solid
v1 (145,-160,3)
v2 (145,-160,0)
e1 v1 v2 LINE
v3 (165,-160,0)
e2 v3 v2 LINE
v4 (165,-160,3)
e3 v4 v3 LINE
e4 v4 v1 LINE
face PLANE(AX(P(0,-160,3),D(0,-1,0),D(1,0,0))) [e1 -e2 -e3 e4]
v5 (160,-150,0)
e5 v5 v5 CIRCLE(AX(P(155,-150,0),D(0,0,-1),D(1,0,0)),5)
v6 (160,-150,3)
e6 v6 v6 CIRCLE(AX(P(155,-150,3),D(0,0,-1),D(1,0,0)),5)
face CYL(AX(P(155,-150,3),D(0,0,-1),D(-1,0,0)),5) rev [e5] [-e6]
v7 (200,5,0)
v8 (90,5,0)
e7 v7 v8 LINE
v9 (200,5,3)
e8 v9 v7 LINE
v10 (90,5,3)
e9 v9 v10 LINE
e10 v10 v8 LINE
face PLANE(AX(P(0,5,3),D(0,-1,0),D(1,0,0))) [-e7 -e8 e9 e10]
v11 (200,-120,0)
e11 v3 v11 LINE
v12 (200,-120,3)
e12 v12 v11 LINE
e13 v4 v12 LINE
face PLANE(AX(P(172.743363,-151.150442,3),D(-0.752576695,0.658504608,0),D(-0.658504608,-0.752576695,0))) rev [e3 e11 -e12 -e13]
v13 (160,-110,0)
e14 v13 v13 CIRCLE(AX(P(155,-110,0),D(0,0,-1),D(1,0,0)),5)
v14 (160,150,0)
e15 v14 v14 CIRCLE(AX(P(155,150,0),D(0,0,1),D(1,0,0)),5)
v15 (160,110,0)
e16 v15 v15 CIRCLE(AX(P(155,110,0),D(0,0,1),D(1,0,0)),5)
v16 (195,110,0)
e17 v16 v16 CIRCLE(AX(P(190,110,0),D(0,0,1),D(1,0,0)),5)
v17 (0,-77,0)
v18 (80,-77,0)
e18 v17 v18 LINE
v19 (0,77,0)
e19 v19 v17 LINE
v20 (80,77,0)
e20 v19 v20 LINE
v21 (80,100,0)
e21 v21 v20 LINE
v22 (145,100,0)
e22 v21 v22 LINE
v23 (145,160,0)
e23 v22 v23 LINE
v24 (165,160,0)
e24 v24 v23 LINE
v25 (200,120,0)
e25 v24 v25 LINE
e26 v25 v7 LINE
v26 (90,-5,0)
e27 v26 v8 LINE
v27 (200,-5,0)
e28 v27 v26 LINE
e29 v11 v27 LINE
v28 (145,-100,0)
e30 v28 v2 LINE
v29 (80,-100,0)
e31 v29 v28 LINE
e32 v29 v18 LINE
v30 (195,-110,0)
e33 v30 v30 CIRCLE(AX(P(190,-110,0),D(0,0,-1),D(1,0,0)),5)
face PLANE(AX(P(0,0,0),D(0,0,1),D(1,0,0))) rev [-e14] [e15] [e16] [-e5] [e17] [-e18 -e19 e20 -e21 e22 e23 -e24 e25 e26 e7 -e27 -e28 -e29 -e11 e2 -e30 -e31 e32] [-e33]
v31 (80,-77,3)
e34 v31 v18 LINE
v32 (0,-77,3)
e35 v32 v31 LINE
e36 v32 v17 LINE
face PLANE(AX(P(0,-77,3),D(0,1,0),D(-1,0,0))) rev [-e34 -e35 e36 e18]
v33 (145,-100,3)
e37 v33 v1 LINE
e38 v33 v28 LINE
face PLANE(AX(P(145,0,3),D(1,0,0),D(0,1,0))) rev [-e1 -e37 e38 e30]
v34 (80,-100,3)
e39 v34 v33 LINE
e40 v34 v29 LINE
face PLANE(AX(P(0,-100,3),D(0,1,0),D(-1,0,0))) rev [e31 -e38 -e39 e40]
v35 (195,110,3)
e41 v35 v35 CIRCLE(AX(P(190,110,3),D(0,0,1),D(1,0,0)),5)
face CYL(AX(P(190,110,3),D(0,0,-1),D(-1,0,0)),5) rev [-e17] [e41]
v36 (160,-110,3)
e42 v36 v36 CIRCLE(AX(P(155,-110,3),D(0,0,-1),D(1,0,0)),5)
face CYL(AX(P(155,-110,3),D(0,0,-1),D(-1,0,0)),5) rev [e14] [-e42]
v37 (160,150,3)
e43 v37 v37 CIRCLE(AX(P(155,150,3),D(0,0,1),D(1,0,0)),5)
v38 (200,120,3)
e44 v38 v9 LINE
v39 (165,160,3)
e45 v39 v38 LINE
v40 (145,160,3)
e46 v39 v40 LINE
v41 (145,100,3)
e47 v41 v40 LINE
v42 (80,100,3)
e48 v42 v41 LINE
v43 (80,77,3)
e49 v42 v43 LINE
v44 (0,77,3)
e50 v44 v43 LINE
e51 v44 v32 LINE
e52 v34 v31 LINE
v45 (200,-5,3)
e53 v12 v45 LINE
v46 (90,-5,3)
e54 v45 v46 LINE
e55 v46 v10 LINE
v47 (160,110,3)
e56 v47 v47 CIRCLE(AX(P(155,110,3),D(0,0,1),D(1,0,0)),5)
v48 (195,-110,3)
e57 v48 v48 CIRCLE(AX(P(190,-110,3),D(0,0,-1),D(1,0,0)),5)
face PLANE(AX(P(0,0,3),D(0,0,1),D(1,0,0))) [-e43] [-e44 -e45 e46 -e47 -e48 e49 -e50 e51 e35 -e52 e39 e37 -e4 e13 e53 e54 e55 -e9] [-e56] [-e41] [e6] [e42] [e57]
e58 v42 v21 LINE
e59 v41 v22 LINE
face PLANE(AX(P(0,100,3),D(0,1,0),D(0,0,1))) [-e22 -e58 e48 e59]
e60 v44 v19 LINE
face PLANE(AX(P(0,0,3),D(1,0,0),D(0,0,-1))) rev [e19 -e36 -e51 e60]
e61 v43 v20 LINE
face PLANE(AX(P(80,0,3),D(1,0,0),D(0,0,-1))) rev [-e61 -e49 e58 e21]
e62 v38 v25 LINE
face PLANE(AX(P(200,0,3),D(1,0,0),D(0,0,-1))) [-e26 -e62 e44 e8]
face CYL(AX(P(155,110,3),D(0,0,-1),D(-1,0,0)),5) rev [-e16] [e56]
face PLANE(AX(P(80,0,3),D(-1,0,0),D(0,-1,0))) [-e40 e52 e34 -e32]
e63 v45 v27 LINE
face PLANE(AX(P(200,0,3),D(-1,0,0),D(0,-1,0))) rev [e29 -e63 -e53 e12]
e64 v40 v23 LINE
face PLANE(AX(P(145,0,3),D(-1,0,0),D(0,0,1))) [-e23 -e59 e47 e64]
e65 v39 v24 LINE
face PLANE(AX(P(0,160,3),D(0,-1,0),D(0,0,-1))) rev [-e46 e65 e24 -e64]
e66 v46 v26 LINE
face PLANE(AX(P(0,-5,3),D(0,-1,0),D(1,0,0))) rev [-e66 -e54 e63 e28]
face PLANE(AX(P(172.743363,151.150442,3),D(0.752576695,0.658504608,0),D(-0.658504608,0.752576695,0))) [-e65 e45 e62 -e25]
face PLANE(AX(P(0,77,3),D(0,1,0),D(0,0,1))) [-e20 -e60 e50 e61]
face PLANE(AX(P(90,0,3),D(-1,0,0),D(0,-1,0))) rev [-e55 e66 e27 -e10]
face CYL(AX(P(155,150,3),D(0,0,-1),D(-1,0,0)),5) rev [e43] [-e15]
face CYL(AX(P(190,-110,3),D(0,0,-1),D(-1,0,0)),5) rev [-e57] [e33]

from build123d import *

# Parameters (mm, degrees)
ESQUISSE1_R        = 5
BOSS_EXTRU_1_DEPTH = 3


with BuildPart() as part:
    # Esquisse1 → Boss.-Extru.1 (new body)
    with BuildSketch(Plane.XY):
        Polygon((80, 77), (0, 77), (0, 0), (90, 0), (90, 5), (200, 5), (200, 120), (165, 160), (145, 160), (145, 100), (80, 100), align=None)
        with Locations((155, 150)):
            Circle(ESQUISSE1_R, mode=Mode.SUBTRACT)
        with Locations((155, 110)):
            Circle(ESQUISSE1_R, mode=Mode.SUBTRACT)
        with Locations((190, 110)):
            Circle(ESQUISSE1_R, mode=Mode.SUBTRACT)
    boss_extru_1 = extrude(amount=BOSS_EXTRU_1_DEPTH)

    # Symétrie1: Boss.-Extru.1 across plane
    add(boss_extru_1.mirror(Plane(origin=(0, 0, 3), x_dir=(0, 0, 1), z_dir=(0, 1, 0))))


solid = part.part
